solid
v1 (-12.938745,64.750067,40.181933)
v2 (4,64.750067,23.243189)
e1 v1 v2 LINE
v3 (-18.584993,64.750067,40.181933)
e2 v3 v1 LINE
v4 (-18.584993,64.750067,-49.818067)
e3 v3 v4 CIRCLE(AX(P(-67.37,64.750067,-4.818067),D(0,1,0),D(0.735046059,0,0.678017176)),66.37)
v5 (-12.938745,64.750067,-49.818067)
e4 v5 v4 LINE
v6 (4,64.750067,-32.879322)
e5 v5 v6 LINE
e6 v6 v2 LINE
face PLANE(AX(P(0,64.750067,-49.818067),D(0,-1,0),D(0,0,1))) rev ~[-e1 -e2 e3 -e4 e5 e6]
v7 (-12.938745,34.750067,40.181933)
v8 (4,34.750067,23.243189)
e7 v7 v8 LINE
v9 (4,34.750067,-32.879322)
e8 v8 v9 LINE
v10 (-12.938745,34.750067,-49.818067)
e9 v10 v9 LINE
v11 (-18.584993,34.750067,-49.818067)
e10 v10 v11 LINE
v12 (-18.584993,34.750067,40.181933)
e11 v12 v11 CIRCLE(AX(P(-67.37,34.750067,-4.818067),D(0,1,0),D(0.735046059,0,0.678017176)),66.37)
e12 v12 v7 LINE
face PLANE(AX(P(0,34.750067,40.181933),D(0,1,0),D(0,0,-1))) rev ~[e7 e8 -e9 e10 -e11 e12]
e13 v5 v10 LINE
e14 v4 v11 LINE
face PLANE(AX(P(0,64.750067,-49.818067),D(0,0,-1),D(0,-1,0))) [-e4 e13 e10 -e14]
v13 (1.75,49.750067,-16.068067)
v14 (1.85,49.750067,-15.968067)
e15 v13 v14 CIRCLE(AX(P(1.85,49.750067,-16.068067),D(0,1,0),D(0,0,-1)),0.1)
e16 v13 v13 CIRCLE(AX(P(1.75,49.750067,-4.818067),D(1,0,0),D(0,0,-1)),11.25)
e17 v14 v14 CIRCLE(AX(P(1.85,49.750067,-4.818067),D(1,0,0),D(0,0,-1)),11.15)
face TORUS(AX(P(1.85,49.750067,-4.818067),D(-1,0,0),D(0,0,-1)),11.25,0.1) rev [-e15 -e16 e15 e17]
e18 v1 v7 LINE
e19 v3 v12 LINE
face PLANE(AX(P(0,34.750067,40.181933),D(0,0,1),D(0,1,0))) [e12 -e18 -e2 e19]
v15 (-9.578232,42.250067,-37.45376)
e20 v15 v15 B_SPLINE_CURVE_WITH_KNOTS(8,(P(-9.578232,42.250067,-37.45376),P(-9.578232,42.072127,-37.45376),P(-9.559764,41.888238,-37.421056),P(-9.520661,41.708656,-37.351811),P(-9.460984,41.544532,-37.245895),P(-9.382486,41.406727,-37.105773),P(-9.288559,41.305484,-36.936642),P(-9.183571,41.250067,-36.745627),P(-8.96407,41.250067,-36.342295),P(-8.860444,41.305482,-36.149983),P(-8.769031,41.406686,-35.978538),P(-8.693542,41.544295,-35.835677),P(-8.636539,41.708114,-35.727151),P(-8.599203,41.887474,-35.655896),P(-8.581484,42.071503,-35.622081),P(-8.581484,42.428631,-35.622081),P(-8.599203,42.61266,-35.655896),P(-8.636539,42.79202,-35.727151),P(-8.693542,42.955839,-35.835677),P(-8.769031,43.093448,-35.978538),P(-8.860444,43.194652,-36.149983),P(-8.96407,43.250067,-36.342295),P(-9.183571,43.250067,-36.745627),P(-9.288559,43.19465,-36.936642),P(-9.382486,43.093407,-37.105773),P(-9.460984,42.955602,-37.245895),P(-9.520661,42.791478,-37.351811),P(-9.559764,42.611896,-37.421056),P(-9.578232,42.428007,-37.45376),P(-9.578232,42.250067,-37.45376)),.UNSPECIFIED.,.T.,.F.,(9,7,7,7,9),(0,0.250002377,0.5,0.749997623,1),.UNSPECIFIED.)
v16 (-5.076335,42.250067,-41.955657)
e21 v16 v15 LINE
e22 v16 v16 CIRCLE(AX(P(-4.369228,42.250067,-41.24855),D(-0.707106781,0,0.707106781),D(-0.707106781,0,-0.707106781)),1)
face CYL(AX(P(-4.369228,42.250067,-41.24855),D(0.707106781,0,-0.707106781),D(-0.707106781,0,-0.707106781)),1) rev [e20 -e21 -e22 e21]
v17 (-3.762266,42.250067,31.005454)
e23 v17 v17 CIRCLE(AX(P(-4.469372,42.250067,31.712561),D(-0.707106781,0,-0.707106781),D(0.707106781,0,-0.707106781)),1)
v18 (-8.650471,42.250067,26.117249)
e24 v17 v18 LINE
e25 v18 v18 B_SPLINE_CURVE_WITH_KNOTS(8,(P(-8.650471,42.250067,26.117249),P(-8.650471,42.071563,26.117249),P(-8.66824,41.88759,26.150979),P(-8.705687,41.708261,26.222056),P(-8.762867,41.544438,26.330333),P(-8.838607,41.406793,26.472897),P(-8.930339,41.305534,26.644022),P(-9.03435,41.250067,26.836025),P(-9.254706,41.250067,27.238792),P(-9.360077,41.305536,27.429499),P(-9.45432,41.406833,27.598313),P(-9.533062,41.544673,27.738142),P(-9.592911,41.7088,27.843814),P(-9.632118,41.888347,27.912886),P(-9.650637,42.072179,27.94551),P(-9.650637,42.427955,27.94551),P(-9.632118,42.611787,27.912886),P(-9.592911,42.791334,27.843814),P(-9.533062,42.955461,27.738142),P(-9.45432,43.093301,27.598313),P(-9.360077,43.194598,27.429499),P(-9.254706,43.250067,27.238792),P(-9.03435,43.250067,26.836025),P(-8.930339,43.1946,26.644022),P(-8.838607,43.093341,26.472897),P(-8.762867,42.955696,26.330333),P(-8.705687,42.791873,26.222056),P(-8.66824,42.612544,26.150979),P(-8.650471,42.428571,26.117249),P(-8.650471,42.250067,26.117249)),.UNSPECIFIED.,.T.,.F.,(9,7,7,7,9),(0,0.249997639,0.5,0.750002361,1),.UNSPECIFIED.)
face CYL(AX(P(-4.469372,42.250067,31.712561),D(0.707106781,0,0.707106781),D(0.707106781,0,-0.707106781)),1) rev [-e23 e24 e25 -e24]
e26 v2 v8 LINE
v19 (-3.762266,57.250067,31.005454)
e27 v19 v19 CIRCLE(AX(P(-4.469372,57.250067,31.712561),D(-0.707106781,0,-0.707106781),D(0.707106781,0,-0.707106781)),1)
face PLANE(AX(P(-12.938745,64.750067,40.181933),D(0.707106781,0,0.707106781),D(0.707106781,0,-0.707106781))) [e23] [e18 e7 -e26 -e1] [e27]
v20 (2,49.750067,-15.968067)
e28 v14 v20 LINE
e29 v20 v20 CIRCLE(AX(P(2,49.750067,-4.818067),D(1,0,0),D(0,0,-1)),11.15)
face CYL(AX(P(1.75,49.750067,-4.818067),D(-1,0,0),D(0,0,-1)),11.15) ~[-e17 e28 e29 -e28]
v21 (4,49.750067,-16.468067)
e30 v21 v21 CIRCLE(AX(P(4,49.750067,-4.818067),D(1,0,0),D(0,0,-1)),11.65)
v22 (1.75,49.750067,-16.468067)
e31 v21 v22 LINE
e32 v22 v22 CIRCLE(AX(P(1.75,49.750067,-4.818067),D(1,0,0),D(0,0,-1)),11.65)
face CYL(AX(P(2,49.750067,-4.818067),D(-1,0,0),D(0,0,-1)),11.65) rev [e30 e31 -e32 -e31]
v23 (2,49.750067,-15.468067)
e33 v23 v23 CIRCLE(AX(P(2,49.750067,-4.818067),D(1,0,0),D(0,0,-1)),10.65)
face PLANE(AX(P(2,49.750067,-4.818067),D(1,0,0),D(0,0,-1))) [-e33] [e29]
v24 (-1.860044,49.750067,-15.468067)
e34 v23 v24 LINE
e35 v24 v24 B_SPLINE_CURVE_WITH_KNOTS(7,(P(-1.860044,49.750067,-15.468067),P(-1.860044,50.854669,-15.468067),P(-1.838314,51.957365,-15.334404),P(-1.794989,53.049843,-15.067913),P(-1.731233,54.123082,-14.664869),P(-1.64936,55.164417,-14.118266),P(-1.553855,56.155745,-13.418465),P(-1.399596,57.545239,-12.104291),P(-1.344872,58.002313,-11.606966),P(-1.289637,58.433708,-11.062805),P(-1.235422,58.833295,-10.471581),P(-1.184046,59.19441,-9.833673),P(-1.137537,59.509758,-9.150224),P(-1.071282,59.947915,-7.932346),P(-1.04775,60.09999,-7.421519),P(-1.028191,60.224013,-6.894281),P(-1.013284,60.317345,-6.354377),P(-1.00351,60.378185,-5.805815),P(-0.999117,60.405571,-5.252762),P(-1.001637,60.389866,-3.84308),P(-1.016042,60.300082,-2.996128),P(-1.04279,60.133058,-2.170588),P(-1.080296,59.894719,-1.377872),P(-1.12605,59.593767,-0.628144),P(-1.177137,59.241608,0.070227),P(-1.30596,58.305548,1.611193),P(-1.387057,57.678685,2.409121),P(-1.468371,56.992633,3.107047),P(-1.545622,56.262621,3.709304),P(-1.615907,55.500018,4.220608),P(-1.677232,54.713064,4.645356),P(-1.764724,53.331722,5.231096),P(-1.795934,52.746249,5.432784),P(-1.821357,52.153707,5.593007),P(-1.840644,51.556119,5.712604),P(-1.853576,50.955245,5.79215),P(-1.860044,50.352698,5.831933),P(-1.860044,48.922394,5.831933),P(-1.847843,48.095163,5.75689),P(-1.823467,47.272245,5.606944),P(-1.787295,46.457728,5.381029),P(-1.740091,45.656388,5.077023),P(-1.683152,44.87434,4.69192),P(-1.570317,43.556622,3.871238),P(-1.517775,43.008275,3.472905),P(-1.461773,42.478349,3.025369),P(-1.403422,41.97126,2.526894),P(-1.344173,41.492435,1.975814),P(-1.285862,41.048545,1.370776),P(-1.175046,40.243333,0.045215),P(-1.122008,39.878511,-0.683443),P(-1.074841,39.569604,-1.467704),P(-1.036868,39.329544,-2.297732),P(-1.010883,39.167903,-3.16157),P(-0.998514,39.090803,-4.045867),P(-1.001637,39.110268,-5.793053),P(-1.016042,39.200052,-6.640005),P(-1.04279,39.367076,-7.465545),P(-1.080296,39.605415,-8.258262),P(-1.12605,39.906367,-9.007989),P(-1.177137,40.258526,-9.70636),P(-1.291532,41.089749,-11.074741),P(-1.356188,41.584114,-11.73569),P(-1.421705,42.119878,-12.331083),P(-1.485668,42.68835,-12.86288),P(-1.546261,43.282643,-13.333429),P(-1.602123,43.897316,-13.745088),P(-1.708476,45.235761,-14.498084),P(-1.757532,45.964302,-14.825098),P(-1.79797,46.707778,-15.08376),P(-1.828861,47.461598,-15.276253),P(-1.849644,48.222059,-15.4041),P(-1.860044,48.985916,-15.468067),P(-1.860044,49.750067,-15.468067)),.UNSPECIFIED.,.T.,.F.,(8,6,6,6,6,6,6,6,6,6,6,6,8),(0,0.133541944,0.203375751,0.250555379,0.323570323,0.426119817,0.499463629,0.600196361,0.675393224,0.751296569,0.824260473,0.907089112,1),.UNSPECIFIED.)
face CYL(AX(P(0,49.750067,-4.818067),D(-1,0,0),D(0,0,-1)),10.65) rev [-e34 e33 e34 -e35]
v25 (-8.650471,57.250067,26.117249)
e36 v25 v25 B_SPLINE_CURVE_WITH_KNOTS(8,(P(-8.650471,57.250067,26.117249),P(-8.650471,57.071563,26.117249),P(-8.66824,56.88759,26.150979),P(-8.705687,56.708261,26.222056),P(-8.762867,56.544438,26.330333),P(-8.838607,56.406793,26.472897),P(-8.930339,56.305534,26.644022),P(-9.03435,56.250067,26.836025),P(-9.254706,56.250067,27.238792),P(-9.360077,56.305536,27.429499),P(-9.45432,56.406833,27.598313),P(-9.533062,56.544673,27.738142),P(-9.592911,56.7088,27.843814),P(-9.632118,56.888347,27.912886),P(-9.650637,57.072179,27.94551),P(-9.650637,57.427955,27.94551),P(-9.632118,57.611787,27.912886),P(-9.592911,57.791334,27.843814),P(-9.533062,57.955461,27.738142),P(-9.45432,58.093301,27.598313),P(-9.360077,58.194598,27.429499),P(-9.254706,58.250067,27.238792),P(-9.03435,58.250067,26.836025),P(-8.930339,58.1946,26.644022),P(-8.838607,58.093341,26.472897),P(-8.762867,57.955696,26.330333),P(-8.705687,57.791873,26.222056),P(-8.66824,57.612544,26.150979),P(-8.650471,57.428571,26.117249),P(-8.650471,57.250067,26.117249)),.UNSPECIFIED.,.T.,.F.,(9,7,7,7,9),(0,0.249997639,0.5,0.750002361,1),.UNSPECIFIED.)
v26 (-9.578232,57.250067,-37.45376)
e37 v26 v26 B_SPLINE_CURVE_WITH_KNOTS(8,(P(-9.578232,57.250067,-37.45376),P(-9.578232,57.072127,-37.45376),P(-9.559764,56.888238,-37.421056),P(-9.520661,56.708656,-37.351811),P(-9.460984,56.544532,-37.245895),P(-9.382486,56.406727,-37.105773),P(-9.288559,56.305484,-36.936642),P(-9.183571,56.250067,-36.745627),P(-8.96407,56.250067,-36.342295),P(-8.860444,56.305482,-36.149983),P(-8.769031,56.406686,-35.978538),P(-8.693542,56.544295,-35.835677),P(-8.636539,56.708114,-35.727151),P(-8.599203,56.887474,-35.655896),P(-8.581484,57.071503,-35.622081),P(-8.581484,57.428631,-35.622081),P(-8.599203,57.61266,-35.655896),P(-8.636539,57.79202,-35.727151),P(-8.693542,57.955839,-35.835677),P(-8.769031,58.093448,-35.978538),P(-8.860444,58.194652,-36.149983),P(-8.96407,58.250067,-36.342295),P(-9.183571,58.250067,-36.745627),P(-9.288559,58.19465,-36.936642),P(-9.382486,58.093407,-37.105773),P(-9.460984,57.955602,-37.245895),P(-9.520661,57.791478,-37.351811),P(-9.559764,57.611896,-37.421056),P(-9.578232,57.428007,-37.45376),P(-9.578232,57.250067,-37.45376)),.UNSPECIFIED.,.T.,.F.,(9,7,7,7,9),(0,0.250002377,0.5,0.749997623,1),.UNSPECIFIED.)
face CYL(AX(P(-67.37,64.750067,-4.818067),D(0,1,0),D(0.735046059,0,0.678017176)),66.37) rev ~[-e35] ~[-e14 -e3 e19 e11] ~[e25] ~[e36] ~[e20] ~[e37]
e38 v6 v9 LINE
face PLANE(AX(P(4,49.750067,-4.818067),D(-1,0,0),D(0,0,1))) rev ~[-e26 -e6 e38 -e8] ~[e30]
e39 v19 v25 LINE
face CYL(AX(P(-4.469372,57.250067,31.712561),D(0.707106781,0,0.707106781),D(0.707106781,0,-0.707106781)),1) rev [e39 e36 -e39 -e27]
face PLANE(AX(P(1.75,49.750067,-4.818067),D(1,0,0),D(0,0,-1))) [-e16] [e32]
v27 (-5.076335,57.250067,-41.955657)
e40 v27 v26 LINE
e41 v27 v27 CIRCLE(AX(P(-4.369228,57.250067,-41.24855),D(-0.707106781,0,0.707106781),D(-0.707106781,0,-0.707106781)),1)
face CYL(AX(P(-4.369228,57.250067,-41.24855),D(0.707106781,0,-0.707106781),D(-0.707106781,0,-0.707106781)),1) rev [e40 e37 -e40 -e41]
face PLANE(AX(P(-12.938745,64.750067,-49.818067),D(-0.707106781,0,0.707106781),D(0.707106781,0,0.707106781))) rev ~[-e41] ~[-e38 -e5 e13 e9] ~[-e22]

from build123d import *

# Parameters (mm, degrees)
SKETCH1_R           = 10.65
BOSS_EXTRUDE1_DEPTH = 4
CUT_EXTRUDE2_START  = -2
SKETCH4_R           = 11.65
SKETCH4_R_2         = 10.65
CUT_EXTRUDE2_DEPTH  = 2
CUT_EXTRUDE3_START  = -0.25
SKETCH5_R           = 11.65
SKETCH5_R_2         = 11.15
CUT_EXTRUDE3_DEPTH  = 0.25
FILLET1_R           = 0.1
BOSS_EXTRUDE3_DEPTH = 30
CUT_EXTRUDE6_START  = -30
SKETCH12_R          = 10.65
CUT_EXTRUDE6_DEPTH  = 30
CUT_EXTRUDE7_DEPTH  = 30
SKETCH14_R          = 1
CUT_EXTRUDE8_DEPTH  = 30
SKETCH15_R          = 1
CUT_EXTRUDE9_DEPTH  = 30


with BuildPart() as part:
    # Sketch1 → Boss-Extrude1 (new body)
    with BuildSketch(Plane(origin=(0, 0, 0), x_dir=(0, 0, -1), z_dir=(1, 0, 0))):
        Polygon((44.818066557, 64.750067007), (49.818066557, 64.750067007), (49.818066557, 34.750067007), (44.818066557, 34.750067007), (-35.181933443, 34.750067007), (-40.181933443, 34.750067007), (-40.181933443, 64.750067007), (-35.181933443, 64.750067007), align=None)
        with Locations((4.818066557, 49.750067007)):
            Circle(SKETCH1_R, mode=Mode.SUBTRACT)
    extrude(amount=BOSS_EXTRUDE1_DEPTH)

    # Sketch4 → Cut-Extrude2 (cut)
    with BuildSketch(Plane(origin=(4, 0, 0), x_dir=(0, 0, -1), z_dir=(1, 0, 0)).offset(CUT_EXTRUDE2_START)):
        with Locations((4.818066557, 49.750067007)):
            Circle(SKETCH4_R)
        with Locations((4.818066557, 49.750067007)):
            Circle(SKETCH4_R_2, mode=Mode.SUBTRACT)
    extrude(amount=CUT_EXTRUDE2_DEPTH, mode=Mode.SUBTRACT)

    # Sketch5 → Cut-Extrude3 (cut)
    with BuildSketch(Plane(origin=(2, 0, 0), x_dir=(0, 0, -1), z_dir=(1, 0, 0)).offset(CUT_EXTRUDE3_START)):
        with Locations((4.818066557, 49.750067007)):
            Circle(SKETCH5_R)
        with Locations((4.818066557, 49.750067007)):
            Circle(SKETCH5_R_2, mode=Mode.SUBTRACT)
    extrude(amount=CUT_EXTRUDE3_DEPTH, mode=Mode.SUBTRACT)

    # Fillet1
    fillet1_edges = [part.edges().sort_by_distance(p)[0] for p in [
        (1.75, 49.750067007, 6.331933443),
    ]]
    fillet(fillet1_edges, radius=FILLET1_R)

    # Sketch11 → Boss-Extrude3 (add)
    with BuildSketch(Plane(origin=(0, 64.750067007, 0), x_dir=(1, 0, 0), z_dir=(0, 1, 0))):
        with BuildLine():
            Line((0, 49.818066557), (0, -40.181933443))
            Line((0, -40.181933443), (-18.584993082, -40.181933443))
            ThreePointArc((-18.584993082, -40.181933443), (-1, 4.818066557), (-18.584993082, 49.818066557))
            Line((-18.584993082, 49.818066557), (0, 49.818066557))
        make_face()
    extrude(amount=-BOSS_EXTRUDE3_DEPTH)

    # Sketch12 → Cut-Extrude6 (cut)
    with BuildSketch(Plane(origin=(0, 0, 0), x_dir=(0, 0, -1), z_dir=(1, 0, 0)).offset(CUT_EXTRUDE6_START)):
        with Locations((4.818066557, 49.750067007)):
            Circle(SKETCH12_R)
    extrude(amount=CUT_EXTRUDE6_DEPTH, mode=Mode.SUBTRACT)

    # Sketch13 → Cut-Extrude7 (cut)
    with BuildSketch(Plane(origin=(0, 64.750067007, 0), x_dir=(1, 0, 0), z_dir=(0, 1, 0))):
        Polygon((-12.938744811, 49.818066557), (4, 32.879321746), (4, 49.818066557), align=None)
        Polygon((-12.938744811, -40.181933443), (4, -23.243188631), (4, -40.181933443), align=None)
    extrude(amount=-CUT_EXTRUDE7_DEPTH, mode=Mode.SUBTRACT)

    # Sketch14 → Cut-Extrude8 (cut)
    with BuildSketch(Plane(origin=(-109.620613418, 0, 136.863802049), x_dir=(-0.7071067811865562, 0, 0.7071067811865388), z_dir=(-0.7071067811865388, 0, -0.7071067811865562))):
        with Locations(Location((-148.70631114, 57.250067007, 0), (0, 0, 180))):
            Circle(SKETCH14_R)
        with Locations(Location((-148.70631114, 42.250067007, 0), (0, 0, 180))):
            Circle(SKETCH14_R)
    extrude(amount=CUT_EXTRUDE8_DEPTH, mode=Mode.SUBTRACT)

    # Sketch15 → Cut-Extrude9 (cut)
    with BuildSketch(Plane(origin=(18.539804897, 0, -18.339516848), x_dir=(0.7071067811865562, 0, 0.7071067811865388), z_dir=(-0.7071067811865388, 0, 0.7071067811865562))):
        with Locations(Location((-32.398265563, 57.250067007, 0), (0, 0, 180))):
            Circle(SKETCH15_R)
        with Locations(Location((-32.398265563, 42.250067007, 0), (0, 0, 180))):
            Circle(SKETCH15_R)
    extrude(amount=CUT_EXTRUDE9_DEPTH, mode=Mode.SUBTRACT)


solid = part.part
